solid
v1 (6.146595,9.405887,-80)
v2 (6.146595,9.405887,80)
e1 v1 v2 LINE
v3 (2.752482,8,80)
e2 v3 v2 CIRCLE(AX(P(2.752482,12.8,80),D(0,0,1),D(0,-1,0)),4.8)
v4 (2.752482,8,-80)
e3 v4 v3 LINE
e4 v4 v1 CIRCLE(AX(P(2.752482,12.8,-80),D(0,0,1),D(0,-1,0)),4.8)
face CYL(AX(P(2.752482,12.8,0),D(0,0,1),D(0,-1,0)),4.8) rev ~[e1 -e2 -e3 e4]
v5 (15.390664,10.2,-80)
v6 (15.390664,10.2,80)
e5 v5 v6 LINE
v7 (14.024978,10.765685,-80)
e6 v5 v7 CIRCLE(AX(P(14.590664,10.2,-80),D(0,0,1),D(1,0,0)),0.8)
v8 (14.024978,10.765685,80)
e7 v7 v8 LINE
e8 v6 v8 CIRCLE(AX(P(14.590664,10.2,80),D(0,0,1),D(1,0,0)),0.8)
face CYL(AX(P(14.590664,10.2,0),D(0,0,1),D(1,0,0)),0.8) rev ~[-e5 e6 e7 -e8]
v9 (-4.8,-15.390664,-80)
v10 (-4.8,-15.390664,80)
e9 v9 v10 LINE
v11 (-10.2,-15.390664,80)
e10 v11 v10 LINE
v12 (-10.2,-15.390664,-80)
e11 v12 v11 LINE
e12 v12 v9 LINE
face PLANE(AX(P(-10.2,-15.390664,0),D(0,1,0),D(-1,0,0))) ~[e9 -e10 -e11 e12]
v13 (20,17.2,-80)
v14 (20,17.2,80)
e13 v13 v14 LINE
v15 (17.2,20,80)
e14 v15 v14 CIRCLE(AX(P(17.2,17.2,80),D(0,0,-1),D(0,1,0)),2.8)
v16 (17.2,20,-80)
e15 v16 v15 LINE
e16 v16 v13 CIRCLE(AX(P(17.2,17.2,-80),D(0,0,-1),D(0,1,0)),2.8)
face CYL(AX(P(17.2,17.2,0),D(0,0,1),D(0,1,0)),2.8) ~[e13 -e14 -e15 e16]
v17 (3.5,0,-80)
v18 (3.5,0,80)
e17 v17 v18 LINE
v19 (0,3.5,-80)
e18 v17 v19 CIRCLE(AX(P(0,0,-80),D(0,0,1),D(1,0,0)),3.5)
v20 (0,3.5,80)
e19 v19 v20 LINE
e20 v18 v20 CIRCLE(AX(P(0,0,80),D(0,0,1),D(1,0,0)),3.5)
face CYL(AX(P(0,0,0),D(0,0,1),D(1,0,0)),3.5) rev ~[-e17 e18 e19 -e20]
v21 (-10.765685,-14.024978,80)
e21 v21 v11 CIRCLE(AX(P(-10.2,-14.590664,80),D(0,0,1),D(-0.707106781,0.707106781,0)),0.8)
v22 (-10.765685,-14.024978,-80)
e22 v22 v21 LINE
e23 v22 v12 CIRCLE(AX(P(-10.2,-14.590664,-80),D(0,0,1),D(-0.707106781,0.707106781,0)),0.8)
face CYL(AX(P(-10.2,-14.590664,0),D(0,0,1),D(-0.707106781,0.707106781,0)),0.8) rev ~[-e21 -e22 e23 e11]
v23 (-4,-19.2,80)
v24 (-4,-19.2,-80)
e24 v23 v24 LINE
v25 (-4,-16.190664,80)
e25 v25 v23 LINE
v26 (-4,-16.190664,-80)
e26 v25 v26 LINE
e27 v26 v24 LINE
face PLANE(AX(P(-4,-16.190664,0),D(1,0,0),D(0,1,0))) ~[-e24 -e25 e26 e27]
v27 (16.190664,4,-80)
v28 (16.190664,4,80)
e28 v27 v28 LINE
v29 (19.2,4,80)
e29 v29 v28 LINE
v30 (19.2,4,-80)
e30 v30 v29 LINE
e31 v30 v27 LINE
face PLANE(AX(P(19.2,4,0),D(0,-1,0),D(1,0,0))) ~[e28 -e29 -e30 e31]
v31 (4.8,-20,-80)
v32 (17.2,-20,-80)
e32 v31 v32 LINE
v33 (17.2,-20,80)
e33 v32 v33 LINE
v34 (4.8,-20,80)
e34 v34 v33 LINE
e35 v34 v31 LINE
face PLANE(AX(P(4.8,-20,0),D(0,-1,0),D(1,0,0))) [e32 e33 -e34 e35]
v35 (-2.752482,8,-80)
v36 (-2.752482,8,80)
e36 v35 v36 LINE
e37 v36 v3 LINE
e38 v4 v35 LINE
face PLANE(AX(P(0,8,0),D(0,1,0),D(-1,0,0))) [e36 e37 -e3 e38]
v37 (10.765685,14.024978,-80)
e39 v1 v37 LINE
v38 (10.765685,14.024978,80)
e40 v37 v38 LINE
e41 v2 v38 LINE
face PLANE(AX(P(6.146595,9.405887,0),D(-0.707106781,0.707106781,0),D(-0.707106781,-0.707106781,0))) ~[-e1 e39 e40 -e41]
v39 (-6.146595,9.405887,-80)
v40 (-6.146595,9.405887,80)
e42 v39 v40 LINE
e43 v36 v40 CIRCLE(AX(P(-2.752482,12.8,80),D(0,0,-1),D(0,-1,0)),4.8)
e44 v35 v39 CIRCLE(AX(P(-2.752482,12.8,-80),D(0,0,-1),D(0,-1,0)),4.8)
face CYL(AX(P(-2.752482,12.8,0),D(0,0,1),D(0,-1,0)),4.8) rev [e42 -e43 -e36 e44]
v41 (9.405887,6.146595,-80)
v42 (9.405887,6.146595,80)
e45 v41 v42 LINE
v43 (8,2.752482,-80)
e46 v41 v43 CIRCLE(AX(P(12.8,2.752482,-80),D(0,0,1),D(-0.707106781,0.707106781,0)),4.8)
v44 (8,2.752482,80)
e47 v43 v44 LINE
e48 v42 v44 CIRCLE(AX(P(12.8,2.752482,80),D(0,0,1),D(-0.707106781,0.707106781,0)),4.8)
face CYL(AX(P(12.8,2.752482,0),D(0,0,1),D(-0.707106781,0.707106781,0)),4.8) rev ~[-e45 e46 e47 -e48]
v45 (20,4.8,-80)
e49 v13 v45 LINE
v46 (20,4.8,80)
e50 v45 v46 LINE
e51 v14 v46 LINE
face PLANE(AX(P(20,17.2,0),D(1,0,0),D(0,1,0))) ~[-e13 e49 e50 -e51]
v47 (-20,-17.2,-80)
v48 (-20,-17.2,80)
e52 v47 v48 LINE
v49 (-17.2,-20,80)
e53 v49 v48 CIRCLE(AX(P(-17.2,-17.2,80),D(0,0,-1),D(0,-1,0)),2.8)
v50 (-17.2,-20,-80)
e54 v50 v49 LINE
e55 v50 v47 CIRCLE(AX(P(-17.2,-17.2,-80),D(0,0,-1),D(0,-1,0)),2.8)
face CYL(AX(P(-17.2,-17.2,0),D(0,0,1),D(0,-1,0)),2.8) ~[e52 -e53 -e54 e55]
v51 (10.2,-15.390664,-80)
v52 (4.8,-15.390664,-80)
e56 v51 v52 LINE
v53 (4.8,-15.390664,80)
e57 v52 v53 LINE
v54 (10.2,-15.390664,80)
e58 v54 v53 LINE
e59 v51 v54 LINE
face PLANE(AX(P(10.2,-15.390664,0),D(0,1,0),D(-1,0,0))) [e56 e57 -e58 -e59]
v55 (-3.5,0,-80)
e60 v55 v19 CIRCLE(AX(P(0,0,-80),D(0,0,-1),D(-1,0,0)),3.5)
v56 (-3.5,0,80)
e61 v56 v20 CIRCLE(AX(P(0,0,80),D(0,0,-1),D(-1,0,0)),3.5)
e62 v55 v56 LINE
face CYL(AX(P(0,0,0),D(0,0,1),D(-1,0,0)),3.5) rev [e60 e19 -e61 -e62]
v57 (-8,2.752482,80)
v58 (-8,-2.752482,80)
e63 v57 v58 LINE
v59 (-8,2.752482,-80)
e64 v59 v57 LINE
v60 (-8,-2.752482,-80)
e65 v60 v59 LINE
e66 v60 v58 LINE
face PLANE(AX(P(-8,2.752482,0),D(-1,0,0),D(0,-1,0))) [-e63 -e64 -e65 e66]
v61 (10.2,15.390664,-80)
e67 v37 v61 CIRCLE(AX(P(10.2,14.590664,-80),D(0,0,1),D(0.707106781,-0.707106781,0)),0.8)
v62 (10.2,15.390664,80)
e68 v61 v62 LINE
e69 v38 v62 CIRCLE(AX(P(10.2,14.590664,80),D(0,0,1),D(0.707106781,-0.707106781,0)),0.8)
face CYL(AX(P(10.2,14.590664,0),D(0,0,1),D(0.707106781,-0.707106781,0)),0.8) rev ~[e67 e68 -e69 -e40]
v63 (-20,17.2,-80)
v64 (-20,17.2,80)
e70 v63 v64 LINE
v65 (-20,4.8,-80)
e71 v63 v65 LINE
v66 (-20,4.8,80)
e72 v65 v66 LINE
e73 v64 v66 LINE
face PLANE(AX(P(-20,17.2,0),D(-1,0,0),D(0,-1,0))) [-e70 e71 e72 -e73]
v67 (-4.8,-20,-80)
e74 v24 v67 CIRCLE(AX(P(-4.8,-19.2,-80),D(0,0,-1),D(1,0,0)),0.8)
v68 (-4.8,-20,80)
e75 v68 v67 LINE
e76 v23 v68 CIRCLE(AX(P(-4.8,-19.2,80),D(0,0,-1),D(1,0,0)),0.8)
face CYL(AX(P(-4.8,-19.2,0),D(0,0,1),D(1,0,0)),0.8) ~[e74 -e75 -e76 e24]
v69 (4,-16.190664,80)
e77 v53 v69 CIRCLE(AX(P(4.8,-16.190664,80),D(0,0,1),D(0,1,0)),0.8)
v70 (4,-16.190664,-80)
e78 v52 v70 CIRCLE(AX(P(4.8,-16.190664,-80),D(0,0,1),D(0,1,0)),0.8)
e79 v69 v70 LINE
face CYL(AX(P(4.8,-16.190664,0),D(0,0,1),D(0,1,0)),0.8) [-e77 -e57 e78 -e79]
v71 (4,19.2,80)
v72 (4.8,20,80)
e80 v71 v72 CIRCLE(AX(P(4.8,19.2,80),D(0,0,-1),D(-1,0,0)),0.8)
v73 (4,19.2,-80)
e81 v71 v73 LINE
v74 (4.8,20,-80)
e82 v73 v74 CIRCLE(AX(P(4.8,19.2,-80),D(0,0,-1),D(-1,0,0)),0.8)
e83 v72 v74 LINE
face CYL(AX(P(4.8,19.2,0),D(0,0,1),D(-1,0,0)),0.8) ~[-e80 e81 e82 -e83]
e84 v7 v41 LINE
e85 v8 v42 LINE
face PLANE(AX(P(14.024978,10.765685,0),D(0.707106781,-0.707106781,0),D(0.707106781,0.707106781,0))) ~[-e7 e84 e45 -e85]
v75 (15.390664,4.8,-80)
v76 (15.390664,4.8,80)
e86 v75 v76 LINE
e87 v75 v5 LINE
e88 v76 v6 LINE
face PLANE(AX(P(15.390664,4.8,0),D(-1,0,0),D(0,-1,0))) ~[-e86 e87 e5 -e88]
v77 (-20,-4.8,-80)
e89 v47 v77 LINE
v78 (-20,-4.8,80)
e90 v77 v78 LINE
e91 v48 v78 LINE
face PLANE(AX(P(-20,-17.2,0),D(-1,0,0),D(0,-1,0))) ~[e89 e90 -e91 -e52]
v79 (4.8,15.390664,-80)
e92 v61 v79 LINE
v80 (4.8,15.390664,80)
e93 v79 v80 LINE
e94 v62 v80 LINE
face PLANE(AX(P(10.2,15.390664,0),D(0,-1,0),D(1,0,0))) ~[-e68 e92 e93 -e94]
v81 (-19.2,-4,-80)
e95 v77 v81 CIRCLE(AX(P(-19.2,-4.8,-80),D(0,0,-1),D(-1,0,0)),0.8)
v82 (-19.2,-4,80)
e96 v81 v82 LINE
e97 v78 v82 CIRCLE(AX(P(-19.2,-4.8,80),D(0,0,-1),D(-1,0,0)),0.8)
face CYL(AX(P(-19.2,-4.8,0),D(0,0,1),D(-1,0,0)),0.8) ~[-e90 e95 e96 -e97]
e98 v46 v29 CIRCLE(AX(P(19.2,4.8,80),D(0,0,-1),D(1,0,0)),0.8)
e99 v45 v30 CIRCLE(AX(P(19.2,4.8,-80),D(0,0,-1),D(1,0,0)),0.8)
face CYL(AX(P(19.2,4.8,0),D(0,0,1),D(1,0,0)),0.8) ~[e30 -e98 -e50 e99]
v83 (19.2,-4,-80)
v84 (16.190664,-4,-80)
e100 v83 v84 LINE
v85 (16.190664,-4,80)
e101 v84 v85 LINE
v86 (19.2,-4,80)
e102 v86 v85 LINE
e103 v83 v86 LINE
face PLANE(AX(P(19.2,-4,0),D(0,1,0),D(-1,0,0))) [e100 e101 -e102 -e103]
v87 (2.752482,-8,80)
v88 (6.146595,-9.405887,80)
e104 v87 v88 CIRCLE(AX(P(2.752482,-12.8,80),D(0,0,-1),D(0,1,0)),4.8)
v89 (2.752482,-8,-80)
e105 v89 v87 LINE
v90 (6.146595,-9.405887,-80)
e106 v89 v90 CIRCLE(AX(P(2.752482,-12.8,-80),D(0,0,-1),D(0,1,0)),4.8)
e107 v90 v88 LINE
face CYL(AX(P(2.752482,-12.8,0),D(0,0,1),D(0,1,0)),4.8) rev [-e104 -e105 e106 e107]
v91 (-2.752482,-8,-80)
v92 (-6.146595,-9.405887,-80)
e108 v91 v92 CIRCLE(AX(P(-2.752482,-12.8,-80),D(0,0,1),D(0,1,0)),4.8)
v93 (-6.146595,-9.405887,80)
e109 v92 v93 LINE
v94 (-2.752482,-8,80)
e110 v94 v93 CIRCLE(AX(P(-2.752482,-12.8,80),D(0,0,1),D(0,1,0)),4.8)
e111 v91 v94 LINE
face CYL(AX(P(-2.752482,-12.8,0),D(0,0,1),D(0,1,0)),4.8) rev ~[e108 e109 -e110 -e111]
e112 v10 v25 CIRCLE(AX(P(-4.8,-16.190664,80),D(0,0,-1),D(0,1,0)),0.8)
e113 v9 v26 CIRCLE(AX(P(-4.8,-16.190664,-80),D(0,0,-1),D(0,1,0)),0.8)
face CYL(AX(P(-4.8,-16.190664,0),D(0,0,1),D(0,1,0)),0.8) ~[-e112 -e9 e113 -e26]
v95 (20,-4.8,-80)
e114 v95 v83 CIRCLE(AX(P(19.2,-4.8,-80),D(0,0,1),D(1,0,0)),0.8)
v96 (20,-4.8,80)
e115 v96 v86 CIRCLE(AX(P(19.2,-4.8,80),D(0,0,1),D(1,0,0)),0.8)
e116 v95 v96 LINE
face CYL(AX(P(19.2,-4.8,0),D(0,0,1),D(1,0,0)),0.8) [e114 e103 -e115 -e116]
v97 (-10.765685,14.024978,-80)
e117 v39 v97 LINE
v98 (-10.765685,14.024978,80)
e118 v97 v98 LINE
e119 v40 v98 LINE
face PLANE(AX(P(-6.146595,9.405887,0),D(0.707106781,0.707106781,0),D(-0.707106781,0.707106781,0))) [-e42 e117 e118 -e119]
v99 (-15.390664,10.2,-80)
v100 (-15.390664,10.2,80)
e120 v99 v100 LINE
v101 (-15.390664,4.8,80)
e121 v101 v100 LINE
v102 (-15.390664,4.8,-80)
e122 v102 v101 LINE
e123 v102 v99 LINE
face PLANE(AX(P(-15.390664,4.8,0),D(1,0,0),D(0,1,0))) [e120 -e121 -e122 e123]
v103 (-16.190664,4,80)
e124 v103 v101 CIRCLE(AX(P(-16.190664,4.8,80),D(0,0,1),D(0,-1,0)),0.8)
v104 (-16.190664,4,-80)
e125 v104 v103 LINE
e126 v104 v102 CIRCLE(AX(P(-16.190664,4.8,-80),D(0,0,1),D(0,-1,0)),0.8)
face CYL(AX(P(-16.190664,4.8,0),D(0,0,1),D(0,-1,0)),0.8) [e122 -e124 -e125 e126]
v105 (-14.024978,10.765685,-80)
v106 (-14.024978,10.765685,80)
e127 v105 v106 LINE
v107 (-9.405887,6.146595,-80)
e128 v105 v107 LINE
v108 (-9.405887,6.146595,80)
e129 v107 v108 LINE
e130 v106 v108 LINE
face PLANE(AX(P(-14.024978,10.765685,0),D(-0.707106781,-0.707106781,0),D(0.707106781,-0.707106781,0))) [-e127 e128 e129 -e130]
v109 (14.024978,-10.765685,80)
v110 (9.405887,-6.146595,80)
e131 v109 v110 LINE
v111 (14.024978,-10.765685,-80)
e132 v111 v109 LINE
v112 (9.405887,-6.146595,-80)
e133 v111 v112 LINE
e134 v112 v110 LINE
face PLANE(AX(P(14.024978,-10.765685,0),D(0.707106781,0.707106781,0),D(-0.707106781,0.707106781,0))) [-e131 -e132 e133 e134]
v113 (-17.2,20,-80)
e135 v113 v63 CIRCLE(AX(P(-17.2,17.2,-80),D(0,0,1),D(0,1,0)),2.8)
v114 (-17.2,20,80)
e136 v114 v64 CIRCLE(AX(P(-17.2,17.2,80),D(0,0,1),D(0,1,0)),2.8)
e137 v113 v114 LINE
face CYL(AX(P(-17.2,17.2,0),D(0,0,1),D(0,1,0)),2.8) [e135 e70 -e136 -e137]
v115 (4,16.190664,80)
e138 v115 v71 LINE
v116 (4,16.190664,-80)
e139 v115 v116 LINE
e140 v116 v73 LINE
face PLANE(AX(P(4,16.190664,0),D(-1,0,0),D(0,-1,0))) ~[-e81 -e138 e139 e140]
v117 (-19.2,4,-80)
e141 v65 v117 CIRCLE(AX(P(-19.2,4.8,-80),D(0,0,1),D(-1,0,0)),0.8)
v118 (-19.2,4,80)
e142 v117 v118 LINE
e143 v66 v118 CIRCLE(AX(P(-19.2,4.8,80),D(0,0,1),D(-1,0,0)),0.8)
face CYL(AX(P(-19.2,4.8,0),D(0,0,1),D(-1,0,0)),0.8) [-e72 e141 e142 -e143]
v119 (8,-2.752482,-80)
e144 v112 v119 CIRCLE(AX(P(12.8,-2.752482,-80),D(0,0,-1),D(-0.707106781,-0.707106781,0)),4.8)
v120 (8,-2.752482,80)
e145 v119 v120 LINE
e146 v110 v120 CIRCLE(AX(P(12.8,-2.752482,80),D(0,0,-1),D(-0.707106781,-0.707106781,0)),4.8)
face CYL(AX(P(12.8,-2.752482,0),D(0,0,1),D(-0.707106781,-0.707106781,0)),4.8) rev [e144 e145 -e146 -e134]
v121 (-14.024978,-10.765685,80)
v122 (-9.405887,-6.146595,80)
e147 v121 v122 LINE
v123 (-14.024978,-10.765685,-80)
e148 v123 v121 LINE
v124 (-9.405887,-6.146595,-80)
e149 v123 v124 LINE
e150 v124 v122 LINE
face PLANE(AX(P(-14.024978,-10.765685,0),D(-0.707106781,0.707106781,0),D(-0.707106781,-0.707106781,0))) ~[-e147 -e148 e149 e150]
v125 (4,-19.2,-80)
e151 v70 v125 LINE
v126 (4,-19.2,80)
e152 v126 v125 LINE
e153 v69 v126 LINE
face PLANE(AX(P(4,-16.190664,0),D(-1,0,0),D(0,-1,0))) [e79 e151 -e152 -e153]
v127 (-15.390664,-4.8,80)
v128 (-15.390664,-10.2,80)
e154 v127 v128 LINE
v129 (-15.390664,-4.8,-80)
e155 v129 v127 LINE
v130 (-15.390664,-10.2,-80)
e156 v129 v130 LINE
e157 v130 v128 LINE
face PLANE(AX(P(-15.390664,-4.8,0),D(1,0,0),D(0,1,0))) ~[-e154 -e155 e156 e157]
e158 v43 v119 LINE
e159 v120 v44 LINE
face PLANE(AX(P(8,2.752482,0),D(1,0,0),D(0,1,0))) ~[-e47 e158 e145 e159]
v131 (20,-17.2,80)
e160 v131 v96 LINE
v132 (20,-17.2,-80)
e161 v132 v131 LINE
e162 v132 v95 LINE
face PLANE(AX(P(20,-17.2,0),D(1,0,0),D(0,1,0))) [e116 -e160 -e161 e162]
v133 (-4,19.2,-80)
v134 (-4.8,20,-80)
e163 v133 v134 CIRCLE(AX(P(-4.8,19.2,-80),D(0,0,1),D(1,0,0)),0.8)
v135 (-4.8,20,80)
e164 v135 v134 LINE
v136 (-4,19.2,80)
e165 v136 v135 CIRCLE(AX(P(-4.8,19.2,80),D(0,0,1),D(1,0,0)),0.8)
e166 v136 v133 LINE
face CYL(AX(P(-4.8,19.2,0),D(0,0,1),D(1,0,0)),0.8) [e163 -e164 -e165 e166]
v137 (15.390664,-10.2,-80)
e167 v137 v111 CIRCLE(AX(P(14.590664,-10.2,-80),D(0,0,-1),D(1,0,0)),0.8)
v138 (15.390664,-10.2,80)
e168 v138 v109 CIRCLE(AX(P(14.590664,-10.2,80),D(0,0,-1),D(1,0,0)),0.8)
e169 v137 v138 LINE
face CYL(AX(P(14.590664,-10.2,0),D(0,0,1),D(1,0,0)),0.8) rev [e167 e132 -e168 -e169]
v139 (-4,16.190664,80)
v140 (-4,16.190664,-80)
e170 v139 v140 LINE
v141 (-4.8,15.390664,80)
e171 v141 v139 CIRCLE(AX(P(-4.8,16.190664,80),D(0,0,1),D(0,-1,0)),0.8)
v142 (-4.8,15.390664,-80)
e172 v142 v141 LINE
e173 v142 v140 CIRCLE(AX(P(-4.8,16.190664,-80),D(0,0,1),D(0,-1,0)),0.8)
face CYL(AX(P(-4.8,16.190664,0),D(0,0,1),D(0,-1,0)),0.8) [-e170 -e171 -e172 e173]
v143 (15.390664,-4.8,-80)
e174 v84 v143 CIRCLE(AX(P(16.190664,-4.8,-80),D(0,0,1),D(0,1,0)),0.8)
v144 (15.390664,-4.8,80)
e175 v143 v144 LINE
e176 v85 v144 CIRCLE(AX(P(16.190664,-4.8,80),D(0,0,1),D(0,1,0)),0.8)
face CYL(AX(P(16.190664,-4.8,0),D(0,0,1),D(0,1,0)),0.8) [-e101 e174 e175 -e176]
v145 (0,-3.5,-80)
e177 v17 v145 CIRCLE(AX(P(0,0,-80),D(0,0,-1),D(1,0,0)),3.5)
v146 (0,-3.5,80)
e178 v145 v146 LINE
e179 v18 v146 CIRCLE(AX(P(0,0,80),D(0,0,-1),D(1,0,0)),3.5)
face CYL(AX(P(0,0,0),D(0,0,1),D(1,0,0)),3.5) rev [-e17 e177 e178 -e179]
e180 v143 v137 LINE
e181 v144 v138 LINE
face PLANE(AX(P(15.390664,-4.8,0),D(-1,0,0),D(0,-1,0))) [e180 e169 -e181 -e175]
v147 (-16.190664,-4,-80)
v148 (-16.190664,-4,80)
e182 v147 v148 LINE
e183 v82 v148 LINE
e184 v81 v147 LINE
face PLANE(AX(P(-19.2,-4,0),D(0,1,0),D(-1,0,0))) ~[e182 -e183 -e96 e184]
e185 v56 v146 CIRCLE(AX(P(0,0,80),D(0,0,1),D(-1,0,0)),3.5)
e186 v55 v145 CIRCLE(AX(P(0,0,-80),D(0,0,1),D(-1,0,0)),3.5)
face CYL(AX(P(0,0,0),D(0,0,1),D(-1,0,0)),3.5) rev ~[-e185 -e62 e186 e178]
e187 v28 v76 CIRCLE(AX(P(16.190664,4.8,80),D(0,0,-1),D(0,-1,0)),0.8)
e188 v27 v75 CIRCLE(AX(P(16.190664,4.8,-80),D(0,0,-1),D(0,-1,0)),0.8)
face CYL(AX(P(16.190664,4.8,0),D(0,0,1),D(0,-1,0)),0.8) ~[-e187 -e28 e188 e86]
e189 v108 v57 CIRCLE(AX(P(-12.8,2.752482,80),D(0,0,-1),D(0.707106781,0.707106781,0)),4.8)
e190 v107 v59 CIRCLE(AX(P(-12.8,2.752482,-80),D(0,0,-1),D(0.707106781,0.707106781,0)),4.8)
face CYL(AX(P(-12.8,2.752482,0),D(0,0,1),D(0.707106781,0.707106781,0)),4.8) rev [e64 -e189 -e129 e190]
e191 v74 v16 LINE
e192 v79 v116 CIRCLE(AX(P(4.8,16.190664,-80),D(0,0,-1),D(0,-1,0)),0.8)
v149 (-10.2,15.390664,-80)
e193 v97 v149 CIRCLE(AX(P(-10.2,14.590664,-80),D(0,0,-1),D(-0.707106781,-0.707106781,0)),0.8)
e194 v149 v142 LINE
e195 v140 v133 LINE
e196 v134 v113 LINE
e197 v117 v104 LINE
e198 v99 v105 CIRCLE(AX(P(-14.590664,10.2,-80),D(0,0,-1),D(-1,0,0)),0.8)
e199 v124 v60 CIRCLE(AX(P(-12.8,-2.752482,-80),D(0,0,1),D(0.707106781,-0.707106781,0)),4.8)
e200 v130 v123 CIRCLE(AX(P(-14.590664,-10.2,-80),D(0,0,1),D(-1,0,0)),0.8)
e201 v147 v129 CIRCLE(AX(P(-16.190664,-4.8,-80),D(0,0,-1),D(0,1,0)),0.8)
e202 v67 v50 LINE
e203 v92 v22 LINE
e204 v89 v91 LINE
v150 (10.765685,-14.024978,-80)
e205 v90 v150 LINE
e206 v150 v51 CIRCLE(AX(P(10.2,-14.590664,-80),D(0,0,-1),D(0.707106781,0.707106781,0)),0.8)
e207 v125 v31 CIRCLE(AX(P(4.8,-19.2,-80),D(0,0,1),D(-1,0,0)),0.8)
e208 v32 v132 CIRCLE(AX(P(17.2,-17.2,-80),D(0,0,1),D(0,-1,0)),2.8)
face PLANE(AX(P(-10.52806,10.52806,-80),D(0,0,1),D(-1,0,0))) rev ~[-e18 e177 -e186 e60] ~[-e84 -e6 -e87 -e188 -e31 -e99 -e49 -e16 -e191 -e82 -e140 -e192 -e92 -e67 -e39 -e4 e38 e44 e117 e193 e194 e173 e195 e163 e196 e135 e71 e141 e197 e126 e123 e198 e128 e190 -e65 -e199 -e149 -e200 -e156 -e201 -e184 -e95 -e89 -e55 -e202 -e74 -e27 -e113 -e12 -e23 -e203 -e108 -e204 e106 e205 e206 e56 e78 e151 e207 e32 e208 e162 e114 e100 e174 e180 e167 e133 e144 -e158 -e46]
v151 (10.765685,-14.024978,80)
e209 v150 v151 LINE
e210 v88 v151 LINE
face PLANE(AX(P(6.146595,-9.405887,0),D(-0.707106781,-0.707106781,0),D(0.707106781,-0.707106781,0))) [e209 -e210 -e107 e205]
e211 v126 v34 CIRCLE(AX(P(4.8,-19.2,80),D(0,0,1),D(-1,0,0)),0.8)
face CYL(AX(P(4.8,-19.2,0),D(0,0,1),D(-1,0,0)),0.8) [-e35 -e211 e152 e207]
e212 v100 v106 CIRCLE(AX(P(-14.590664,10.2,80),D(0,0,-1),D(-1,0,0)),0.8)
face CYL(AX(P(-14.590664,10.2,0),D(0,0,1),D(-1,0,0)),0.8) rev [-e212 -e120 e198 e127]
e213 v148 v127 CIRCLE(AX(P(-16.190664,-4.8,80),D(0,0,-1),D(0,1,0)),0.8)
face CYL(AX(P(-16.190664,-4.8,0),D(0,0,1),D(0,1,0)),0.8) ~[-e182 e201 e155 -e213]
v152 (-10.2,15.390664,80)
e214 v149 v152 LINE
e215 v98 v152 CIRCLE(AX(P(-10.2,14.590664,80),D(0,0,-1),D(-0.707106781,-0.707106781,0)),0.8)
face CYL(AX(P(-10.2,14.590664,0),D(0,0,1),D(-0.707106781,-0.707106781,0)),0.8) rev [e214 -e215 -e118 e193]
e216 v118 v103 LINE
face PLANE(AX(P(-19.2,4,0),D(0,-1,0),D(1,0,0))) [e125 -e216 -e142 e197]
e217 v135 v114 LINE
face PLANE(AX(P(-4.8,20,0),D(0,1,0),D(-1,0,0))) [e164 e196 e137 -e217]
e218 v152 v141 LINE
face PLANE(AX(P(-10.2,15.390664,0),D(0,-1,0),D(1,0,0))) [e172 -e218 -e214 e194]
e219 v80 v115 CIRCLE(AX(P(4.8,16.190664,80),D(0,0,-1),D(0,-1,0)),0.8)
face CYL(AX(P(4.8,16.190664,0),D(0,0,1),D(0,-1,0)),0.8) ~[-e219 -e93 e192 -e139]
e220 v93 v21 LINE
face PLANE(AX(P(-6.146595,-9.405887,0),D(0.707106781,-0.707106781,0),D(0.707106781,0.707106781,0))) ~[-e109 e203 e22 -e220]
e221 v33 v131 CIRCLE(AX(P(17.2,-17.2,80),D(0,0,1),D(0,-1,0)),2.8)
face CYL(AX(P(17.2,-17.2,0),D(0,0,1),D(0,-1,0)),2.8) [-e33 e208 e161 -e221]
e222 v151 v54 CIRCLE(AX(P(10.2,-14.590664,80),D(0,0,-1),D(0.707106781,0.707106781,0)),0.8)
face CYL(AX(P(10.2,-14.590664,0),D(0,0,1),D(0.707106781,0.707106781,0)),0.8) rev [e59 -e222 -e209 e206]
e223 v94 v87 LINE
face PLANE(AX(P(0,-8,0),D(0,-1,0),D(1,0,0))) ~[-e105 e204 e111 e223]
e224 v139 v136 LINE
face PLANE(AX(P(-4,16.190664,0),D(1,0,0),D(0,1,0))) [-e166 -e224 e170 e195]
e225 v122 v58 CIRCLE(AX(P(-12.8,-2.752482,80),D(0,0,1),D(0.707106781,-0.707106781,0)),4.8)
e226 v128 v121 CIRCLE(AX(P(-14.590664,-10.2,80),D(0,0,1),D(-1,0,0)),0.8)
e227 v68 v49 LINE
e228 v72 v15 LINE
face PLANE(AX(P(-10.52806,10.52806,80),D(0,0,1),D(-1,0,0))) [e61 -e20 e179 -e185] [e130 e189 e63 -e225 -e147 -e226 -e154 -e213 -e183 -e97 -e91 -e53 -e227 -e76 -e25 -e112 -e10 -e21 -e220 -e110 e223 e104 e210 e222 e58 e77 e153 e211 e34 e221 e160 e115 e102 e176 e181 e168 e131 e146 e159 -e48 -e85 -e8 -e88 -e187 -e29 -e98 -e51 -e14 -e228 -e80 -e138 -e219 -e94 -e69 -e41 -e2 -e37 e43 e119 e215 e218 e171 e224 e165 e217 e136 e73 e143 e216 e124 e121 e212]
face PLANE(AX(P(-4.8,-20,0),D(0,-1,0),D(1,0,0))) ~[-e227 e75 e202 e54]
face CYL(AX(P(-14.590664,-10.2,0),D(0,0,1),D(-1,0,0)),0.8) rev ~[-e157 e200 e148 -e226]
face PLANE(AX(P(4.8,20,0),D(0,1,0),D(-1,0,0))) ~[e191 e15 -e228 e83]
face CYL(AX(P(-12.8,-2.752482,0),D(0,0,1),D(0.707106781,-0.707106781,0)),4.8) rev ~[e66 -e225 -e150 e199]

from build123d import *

# Parameters (mm, degrees)
BOSS_EXTRUDE1_DEPTH = 80


with BuildPart() as part:
    # Sketch4 → Boss-Extrude1 (new body, symmetric)
    with BuildSketch(Plane.XY):
        with BuildLine():
            Line((4.8, -20), (17.2, -20))
            ThreePointArc((17.2, -20), (19.179898987, -19.179898987), (20, -17.2))
            Line((20, -17.2), (20, -4.8))
            ThreePointArc((20, -4.8), (19.765685425, -4.234314575), (19.2, -4))
            Line((19.2, -4), (16.190663761, -4))
            ThreePointArc((16.190663761, -4), (15.624978336, -4.234314575), (15.390663761, -4.8))
            Line((15.390663761, -4.8), (15.390663761, -10.2))
            ThreePointArc((15.390663761, -10.2), (14.896810507, -10.939103626), (14.024978336, -10.765685425))
            Line((14.024978336, -10.765685425), (9.40588745, -6.146594539))
            ThreePointArc((9.40588745, -6.146594539), (8.365378244, -4.589362465), (8, -2.752481989))
            Line((8, -2.752481989), (8, 0))
            Line((8, 0), (3.5, 0))
            ThreePointArc((3.5, 0), (2.474873734, -2.474873734), (0, -3.5))
            Line((0, -3.5), (0, -8))
            Line((0, -8), (2.752481989, -8))
            ThreePointArc((2.752481989, -8), (4.589362465, -8.365378244), (6.146594539, -9.40588745))
            Line((6.146594539, -9.40588745), (10.765685425, -14.024978336))
            ThreePointArc((10.765685425, -14.024978336), (10.939103626, -14.896810507), (10.2, -15.390663761))
            Line((10.2, -15.390663761), (4.8, -15.390663761))
            ThreePointArc((4.8, -15.390663761), (4.234314575, -15.624978336), (4, -16.190663761))
            Line((4, -16.190663761), (4, -19.2))
            ThreePointArc((4, -19.2), (4.234314575, -19.765685425), (4.8, -20))
        make_face()
    extrude(amount=BOSS_EXTRUDE1_DEPTH, both=True)

    # Mirror1: part across plane


with BuildPart() as part_1:
    add(part.part)
    add(part.part.mirror(Plane(origin=(0, 0, 0), x_dir=(0, 0, 1), z_dir=(1, 0, 0))))

    # Mirror2: part across plane


with BuildPart() as part_2:
    add(part_1.part)
    add(part_1.part.mirror(Plane.ZX))


solid = part_2.part
